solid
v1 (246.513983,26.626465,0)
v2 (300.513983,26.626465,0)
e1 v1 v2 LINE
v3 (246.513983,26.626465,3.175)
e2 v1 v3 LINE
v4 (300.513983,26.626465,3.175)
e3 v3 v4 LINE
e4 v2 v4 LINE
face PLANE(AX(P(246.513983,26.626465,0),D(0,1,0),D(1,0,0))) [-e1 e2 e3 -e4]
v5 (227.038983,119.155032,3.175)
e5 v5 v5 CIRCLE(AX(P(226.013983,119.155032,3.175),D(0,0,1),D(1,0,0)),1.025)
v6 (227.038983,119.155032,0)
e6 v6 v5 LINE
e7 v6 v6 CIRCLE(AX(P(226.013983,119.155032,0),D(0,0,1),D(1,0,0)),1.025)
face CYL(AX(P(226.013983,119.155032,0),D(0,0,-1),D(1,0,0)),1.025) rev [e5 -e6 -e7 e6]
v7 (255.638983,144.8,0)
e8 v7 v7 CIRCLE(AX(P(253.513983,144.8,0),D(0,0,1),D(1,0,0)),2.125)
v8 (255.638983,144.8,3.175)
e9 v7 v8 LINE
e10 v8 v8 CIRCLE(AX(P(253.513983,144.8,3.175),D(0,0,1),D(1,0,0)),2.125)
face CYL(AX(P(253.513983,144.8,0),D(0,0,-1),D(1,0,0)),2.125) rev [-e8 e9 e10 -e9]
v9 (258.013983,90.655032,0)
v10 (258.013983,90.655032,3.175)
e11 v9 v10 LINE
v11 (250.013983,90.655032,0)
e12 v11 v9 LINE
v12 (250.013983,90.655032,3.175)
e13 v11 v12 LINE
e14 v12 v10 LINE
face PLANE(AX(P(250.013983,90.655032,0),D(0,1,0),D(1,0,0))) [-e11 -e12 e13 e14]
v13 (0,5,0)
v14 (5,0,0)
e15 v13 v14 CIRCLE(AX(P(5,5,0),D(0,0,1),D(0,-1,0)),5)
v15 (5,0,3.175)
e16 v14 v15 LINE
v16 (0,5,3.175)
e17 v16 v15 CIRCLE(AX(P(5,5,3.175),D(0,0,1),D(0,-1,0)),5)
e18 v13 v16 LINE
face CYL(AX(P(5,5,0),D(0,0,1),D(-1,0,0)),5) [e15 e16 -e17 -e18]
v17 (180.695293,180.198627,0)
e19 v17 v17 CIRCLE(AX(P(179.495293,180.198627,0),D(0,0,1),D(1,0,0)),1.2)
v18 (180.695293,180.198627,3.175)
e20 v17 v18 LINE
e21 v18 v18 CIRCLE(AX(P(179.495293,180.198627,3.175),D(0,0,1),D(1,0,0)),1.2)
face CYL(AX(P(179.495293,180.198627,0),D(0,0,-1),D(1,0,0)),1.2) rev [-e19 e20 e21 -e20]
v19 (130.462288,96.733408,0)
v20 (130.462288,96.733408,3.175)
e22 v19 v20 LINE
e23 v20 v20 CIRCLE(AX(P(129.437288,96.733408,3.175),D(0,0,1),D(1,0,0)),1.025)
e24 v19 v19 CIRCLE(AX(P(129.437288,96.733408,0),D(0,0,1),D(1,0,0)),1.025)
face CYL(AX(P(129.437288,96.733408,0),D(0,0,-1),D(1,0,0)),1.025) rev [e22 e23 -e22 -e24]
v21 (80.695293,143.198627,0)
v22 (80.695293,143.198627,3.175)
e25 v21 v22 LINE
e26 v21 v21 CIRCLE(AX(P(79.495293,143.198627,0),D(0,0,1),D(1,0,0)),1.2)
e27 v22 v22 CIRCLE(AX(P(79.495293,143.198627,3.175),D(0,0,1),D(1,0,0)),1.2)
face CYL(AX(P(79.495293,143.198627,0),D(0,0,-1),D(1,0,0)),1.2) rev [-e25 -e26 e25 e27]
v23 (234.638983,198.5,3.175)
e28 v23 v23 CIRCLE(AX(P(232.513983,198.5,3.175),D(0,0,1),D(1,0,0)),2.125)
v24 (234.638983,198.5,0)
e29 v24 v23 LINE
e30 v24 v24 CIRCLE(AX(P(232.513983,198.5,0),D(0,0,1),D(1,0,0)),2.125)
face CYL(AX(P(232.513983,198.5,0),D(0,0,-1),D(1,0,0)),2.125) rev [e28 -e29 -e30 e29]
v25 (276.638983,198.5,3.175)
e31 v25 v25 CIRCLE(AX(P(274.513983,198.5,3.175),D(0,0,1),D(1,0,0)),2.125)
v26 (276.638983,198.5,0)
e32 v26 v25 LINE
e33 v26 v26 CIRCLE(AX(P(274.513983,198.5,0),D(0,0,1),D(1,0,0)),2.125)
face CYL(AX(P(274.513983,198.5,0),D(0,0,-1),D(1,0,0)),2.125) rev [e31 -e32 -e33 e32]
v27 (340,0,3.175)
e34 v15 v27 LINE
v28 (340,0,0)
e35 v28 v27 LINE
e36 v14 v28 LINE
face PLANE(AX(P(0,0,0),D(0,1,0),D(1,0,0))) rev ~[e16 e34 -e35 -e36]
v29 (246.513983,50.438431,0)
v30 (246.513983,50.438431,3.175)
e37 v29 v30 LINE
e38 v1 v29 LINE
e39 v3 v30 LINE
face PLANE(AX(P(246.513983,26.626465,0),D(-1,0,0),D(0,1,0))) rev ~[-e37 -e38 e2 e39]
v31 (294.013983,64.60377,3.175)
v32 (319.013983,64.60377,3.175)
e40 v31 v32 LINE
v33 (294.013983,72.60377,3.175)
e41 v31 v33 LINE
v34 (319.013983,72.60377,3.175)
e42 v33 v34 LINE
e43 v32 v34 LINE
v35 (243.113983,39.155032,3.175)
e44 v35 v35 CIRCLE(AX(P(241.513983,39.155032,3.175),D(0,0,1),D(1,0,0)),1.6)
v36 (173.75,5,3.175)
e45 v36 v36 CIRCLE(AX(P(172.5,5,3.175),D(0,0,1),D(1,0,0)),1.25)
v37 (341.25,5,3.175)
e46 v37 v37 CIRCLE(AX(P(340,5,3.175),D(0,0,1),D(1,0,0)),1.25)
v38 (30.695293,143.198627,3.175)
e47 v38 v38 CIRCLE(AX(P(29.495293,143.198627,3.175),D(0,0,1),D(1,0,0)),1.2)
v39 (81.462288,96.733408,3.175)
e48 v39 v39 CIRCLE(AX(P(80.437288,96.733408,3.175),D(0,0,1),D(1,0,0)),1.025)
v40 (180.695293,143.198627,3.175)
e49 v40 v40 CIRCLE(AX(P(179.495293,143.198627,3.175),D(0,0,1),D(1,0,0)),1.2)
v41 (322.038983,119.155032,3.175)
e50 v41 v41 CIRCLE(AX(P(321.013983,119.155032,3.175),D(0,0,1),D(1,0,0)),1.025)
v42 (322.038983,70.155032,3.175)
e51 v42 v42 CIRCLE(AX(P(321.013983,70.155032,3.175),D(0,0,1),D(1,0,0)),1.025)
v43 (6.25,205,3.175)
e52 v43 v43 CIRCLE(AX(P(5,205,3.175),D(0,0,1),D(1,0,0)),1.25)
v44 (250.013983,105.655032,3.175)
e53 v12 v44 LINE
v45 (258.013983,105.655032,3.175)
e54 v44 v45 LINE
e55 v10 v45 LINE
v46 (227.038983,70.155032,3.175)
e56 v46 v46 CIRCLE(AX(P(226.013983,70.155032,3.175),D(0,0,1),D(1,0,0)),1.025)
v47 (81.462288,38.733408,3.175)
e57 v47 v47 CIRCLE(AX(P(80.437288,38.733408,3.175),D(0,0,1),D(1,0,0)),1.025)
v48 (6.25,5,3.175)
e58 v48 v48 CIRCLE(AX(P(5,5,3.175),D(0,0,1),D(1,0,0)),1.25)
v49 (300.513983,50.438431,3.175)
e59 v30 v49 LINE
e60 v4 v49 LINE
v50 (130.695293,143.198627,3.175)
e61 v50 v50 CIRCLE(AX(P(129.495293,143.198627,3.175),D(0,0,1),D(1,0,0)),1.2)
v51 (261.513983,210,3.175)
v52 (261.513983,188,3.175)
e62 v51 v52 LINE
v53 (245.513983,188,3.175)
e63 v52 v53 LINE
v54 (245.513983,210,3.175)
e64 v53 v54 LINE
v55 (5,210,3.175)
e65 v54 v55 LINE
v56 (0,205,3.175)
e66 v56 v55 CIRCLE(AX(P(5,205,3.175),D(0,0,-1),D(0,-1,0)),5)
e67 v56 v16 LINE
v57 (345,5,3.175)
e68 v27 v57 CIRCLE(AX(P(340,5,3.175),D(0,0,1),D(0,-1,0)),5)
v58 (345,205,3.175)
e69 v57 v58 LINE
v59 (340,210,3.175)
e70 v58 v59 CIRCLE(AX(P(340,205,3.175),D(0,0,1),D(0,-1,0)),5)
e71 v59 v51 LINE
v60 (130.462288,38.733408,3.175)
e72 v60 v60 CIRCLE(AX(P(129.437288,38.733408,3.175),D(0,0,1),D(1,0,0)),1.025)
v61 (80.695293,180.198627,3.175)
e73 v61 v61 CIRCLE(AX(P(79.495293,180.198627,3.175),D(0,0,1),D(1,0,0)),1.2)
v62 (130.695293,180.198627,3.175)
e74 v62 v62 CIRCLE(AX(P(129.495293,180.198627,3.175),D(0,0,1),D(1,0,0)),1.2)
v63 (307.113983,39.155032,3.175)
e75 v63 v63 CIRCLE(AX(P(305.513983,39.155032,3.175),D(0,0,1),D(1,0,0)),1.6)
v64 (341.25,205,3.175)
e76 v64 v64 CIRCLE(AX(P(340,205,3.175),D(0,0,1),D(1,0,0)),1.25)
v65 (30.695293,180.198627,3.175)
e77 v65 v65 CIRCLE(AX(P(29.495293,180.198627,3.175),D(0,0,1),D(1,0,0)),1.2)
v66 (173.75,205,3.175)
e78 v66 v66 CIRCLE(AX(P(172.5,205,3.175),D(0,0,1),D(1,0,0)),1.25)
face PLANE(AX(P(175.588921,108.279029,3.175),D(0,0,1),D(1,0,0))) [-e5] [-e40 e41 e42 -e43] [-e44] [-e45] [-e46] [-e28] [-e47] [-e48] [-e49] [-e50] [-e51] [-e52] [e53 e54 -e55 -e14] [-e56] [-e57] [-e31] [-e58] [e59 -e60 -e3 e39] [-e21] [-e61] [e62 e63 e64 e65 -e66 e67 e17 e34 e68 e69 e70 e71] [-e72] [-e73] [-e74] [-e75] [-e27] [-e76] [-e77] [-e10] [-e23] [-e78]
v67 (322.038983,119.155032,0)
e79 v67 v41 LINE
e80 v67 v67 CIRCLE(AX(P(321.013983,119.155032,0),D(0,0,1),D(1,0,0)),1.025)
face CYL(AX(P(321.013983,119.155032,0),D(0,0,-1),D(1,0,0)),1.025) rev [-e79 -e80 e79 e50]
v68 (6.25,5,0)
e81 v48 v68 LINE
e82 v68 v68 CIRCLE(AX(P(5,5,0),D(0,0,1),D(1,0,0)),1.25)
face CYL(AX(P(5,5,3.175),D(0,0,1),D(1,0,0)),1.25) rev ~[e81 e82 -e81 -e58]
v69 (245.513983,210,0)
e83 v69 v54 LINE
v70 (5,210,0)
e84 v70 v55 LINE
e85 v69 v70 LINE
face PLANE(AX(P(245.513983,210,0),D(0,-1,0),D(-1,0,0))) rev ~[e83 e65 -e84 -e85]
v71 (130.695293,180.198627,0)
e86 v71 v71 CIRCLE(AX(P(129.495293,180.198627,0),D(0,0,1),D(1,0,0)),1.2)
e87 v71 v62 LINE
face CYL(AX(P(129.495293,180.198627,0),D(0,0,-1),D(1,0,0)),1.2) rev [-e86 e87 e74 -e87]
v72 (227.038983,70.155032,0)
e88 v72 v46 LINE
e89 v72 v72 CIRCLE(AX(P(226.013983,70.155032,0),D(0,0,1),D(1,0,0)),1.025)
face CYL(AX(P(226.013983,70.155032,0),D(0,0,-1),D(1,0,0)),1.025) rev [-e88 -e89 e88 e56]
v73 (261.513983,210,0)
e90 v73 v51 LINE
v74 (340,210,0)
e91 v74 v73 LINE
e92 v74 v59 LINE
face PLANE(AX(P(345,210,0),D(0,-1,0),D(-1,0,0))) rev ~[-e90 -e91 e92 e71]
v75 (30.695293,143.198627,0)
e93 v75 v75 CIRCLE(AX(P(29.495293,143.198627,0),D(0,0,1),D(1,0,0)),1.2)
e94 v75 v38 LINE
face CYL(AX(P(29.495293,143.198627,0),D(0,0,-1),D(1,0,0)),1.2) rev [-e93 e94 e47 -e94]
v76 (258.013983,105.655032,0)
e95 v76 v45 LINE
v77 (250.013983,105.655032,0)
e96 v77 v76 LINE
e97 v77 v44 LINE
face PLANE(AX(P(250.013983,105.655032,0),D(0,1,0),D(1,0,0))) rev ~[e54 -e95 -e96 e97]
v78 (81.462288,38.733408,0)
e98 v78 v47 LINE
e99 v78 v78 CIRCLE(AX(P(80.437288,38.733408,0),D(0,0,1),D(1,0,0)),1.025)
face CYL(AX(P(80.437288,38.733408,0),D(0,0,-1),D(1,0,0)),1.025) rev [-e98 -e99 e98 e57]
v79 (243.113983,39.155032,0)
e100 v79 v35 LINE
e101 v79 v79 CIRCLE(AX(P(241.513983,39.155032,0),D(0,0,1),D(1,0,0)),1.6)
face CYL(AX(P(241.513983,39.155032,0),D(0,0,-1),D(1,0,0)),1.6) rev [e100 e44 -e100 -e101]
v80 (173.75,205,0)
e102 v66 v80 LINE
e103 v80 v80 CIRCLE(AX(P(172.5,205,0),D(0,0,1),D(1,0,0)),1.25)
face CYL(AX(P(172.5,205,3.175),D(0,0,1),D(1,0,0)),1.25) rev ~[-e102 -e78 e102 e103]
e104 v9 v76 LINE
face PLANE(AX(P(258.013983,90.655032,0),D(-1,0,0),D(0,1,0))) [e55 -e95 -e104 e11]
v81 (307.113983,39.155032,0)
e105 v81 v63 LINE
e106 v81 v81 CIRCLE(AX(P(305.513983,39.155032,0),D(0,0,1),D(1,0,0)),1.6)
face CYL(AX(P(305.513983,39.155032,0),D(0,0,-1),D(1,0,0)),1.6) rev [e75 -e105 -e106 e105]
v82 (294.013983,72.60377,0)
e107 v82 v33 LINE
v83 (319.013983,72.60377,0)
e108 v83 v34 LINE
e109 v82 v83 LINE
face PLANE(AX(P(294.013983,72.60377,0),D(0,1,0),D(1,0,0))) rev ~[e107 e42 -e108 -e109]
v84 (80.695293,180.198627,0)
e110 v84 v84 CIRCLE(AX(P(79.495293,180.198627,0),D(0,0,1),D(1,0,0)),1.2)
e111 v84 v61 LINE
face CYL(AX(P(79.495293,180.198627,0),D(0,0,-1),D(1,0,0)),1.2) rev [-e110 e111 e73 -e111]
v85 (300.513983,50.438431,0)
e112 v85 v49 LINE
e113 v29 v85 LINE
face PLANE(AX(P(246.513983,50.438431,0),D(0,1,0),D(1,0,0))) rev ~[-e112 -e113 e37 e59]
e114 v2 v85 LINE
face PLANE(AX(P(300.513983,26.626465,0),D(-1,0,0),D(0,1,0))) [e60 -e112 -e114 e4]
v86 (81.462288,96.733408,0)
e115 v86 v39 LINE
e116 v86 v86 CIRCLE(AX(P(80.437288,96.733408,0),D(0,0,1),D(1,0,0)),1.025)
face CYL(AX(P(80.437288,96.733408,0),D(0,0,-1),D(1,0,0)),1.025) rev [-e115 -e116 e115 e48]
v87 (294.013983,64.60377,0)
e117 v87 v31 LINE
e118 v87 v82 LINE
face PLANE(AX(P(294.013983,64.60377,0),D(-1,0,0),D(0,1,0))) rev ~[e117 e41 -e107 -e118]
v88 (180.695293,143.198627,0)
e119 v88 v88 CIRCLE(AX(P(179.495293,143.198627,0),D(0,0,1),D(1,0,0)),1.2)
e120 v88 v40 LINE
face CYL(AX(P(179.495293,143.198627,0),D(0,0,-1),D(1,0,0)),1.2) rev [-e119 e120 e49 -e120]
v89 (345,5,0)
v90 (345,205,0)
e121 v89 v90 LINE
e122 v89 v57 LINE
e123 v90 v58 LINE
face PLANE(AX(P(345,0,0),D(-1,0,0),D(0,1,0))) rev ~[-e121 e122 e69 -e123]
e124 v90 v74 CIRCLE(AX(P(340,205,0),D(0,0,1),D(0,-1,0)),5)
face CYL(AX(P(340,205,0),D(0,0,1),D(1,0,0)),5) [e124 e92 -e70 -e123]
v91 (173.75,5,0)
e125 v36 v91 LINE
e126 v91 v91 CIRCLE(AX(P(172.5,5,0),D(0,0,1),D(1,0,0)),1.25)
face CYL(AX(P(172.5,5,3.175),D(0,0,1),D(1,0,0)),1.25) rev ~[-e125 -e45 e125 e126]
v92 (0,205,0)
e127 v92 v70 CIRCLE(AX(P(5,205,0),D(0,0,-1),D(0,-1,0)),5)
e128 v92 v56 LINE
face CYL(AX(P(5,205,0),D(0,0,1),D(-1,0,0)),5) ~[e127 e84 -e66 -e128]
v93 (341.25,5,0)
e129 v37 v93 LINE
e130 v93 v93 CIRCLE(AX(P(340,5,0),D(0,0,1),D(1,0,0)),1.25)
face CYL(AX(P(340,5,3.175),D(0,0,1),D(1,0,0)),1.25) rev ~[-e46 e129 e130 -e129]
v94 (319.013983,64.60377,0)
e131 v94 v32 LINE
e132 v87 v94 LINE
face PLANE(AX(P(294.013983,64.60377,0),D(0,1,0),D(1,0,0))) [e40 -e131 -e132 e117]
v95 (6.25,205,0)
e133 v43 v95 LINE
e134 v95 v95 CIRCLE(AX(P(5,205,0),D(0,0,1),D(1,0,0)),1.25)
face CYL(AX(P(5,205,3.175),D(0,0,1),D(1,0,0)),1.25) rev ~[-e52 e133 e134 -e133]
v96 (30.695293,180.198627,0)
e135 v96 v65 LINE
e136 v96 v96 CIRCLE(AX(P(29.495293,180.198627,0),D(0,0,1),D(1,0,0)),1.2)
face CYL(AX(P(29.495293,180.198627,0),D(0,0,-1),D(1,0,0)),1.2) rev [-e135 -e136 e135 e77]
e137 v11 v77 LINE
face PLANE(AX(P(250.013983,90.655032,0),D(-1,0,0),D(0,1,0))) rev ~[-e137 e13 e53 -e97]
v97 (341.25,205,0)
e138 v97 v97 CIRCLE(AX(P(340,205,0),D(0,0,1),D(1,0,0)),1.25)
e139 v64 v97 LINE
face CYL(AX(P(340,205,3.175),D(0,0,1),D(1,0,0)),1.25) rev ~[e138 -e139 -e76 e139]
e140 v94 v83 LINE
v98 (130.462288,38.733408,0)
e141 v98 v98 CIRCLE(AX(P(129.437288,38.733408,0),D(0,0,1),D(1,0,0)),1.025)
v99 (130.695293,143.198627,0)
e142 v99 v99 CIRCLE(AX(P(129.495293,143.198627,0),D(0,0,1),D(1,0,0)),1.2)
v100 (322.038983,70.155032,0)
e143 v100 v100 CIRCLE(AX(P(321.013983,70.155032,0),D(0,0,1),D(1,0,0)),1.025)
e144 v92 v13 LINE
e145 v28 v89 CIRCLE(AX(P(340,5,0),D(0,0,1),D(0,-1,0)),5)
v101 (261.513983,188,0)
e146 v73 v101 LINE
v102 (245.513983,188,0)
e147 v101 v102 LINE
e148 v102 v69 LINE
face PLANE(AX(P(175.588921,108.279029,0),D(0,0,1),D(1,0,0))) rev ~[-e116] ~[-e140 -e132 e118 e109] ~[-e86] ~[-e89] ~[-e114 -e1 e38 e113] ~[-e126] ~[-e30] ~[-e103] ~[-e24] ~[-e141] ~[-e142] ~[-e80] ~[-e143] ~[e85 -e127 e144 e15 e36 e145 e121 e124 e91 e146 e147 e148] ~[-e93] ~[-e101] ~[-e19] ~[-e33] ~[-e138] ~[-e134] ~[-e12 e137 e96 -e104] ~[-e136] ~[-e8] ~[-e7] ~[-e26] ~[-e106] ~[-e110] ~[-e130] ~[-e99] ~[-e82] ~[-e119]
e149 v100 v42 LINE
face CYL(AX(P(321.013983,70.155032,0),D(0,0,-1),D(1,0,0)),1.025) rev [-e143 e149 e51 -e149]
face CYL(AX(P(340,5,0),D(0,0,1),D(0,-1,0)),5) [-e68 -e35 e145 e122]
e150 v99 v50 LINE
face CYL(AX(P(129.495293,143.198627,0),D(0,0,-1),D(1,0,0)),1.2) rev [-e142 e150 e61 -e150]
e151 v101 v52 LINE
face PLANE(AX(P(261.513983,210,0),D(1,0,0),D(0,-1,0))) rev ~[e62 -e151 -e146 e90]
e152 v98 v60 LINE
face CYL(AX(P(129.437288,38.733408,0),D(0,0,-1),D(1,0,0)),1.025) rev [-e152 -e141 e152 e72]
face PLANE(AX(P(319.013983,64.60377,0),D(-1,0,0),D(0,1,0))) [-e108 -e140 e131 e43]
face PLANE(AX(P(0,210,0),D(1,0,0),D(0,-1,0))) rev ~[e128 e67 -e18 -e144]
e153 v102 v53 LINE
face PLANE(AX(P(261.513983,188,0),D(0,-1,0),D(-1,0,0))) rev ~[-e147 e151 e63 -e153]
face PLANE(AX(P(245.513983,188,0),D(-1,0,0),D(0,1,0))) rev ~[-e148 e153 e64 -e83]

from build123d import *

# Parameters (mm, degrees)
F0_R     = 1.025
F0_R_2   = 1.6
F0_W     = 54
F0_H     = 23.811965
F0_W_2   = 8
F0_H_2   = 15
F0_W_3   = 25
F0_H_3   = 8
F0_R_3   = 1.2
F0_R_4   = 2.125
F1_DEPTH = 3.175
F2_R     = 5
F3_R     = 1.25
F4_DEPTH = 3.176


with BuildPart() as f1:
    # F0 (on Top) → F1 (new body)
    with BuildSketch(Plane.XY):
        Polygon((0, 210), (0, 0), (345, 0), (345, 210), (261.513983, 210), (261.513983, 188), (245.513983, 188), (245.513983, 210), align=None)
        with Locations((80.437288, 38.733408)):
            Circle(F0_R, mode=Mode.SUBTRACT)
        with Locations((129.437288, 38.733408)):
            Circle(F0_R, mode=Mode.SUBTRACT)
        with Locations((80.437288, 96.733408)):
            Circle(F0_R, mode=Mode.SUBTRACT)
        with Locations((129.437288, 96.733408)):
            Circle(F0_R, mode=Mode.SUBTRACT)
        with Locations((241.513983, 39.155032)):
            Circle(F0_R_2, mode=Mode.SUBTRACT)
        with Locations((273.513983, 38.532448)):
            Rectangle(F0_W, F0_H, mode=Mode.SUBTRACT)
        with Locations((305.513983, 39.155032)):
            Circle(F0_R_2, mode=Mode.SUBTRACT)
        with Locations((226.013983, 70.155032)):
            Circle(F0_R, mode=Mode.SUBTRACT)
        with Locations((254.013983, 98.155032)):
            Rectangle(F0_W_2, F0_H_2, mode=Mode.SUBTRACT)
        with Locations((306.513983, 68.60377)):
            Rectangle(F0_W_3, F0_H_3, mode=Mode.SUBTRACT)
        with Locations((321.013983, 70.155032)):
            Circle(F0_R, mode=Mode.SUBTRACT)
        with Locations((29.495293, 143.198627)):
            Circle(F0_R_3, mode=Mode.SUBTRACT)
        with Locations((79.495293, 143.198627)):
            Circle(F0_R_3, mode=Mode.SUBTRACT)
        with Locations((129.495293, 143.198627)):
            Circle(F0_R_3, mode=Mode.SUBTRACT)
        with Locations((29.495293, 180.198627)):
            Circle(F0_R_3, mode=Mode.SUBTRACT)
        with Locations((79.495293, 180.198627)):
            Circle(F0_R_3, mode=Mode.SUBTRACT)
        with Locations((129.495293, 180.198627)):
            Circle(F0_R_3, mode=Mode.SUBTRACT)
        with Locations((226.013983, 119.155032)):
            Circle(F0_R, mode=Mode.SUBTRACT)
        with Locations((179.495293, 143.198627)):
            Circle(F0_R_3, mode=Mode.SUBTRACT)
        with Locations((253.513983, 144.8)):
            Circle(F0_R_4, mode=Mode.SUBTRACT)
        with Locations((321.013983, 119.155032)):
            Circle(F0_R, mode=Mode.SUBTRACT)
        with Locations((179.495293, 180.198627)):
            Circle(F0_R_3, mode=Mode.SUBTRACT)
        with Locations((232.513983, 198.5)):
            Circle(F0_R_4, mode=Mode.SUBTRACT)
        with Locations((274.513983, 198.5)):
            Circle(F0_R_4, mode=Mode.SUBTRACT)
    extrude(amount=F1_DEPTH)

    # F2
    f2_edges = [f1.edges().sort_by_distance(p)[0] for p in [
        (0, 210, 1.5875),
        (0, 0, 1.5875),
        (345, 0, 1.5875),
        (345, 210, 1.5875),
    ]]
    fillet(f2_edges, radius=F2_R)

    # F3 (on face) → F4 (cut, through all)
    with BuildSketch(Plane.XY.offset(3.175)):
        with Locations((5, 5)):
            Circle(F3_R)
        with Locations((5, 205)):
            Circle(F3_R)
        with Locations((340, 5)):
            Circle(F3_R)
        with Locations((340, 205)):
            Circle(F3_R)
        with Locations((172.5, 5)):
            Circle(F3_R)
        with Locations((172.5, 205)):
            Circle(F3_R)
    extrude(amount=-F4_DEPTH, mode=Mode.SUBTRACT)


solid = f1.part
